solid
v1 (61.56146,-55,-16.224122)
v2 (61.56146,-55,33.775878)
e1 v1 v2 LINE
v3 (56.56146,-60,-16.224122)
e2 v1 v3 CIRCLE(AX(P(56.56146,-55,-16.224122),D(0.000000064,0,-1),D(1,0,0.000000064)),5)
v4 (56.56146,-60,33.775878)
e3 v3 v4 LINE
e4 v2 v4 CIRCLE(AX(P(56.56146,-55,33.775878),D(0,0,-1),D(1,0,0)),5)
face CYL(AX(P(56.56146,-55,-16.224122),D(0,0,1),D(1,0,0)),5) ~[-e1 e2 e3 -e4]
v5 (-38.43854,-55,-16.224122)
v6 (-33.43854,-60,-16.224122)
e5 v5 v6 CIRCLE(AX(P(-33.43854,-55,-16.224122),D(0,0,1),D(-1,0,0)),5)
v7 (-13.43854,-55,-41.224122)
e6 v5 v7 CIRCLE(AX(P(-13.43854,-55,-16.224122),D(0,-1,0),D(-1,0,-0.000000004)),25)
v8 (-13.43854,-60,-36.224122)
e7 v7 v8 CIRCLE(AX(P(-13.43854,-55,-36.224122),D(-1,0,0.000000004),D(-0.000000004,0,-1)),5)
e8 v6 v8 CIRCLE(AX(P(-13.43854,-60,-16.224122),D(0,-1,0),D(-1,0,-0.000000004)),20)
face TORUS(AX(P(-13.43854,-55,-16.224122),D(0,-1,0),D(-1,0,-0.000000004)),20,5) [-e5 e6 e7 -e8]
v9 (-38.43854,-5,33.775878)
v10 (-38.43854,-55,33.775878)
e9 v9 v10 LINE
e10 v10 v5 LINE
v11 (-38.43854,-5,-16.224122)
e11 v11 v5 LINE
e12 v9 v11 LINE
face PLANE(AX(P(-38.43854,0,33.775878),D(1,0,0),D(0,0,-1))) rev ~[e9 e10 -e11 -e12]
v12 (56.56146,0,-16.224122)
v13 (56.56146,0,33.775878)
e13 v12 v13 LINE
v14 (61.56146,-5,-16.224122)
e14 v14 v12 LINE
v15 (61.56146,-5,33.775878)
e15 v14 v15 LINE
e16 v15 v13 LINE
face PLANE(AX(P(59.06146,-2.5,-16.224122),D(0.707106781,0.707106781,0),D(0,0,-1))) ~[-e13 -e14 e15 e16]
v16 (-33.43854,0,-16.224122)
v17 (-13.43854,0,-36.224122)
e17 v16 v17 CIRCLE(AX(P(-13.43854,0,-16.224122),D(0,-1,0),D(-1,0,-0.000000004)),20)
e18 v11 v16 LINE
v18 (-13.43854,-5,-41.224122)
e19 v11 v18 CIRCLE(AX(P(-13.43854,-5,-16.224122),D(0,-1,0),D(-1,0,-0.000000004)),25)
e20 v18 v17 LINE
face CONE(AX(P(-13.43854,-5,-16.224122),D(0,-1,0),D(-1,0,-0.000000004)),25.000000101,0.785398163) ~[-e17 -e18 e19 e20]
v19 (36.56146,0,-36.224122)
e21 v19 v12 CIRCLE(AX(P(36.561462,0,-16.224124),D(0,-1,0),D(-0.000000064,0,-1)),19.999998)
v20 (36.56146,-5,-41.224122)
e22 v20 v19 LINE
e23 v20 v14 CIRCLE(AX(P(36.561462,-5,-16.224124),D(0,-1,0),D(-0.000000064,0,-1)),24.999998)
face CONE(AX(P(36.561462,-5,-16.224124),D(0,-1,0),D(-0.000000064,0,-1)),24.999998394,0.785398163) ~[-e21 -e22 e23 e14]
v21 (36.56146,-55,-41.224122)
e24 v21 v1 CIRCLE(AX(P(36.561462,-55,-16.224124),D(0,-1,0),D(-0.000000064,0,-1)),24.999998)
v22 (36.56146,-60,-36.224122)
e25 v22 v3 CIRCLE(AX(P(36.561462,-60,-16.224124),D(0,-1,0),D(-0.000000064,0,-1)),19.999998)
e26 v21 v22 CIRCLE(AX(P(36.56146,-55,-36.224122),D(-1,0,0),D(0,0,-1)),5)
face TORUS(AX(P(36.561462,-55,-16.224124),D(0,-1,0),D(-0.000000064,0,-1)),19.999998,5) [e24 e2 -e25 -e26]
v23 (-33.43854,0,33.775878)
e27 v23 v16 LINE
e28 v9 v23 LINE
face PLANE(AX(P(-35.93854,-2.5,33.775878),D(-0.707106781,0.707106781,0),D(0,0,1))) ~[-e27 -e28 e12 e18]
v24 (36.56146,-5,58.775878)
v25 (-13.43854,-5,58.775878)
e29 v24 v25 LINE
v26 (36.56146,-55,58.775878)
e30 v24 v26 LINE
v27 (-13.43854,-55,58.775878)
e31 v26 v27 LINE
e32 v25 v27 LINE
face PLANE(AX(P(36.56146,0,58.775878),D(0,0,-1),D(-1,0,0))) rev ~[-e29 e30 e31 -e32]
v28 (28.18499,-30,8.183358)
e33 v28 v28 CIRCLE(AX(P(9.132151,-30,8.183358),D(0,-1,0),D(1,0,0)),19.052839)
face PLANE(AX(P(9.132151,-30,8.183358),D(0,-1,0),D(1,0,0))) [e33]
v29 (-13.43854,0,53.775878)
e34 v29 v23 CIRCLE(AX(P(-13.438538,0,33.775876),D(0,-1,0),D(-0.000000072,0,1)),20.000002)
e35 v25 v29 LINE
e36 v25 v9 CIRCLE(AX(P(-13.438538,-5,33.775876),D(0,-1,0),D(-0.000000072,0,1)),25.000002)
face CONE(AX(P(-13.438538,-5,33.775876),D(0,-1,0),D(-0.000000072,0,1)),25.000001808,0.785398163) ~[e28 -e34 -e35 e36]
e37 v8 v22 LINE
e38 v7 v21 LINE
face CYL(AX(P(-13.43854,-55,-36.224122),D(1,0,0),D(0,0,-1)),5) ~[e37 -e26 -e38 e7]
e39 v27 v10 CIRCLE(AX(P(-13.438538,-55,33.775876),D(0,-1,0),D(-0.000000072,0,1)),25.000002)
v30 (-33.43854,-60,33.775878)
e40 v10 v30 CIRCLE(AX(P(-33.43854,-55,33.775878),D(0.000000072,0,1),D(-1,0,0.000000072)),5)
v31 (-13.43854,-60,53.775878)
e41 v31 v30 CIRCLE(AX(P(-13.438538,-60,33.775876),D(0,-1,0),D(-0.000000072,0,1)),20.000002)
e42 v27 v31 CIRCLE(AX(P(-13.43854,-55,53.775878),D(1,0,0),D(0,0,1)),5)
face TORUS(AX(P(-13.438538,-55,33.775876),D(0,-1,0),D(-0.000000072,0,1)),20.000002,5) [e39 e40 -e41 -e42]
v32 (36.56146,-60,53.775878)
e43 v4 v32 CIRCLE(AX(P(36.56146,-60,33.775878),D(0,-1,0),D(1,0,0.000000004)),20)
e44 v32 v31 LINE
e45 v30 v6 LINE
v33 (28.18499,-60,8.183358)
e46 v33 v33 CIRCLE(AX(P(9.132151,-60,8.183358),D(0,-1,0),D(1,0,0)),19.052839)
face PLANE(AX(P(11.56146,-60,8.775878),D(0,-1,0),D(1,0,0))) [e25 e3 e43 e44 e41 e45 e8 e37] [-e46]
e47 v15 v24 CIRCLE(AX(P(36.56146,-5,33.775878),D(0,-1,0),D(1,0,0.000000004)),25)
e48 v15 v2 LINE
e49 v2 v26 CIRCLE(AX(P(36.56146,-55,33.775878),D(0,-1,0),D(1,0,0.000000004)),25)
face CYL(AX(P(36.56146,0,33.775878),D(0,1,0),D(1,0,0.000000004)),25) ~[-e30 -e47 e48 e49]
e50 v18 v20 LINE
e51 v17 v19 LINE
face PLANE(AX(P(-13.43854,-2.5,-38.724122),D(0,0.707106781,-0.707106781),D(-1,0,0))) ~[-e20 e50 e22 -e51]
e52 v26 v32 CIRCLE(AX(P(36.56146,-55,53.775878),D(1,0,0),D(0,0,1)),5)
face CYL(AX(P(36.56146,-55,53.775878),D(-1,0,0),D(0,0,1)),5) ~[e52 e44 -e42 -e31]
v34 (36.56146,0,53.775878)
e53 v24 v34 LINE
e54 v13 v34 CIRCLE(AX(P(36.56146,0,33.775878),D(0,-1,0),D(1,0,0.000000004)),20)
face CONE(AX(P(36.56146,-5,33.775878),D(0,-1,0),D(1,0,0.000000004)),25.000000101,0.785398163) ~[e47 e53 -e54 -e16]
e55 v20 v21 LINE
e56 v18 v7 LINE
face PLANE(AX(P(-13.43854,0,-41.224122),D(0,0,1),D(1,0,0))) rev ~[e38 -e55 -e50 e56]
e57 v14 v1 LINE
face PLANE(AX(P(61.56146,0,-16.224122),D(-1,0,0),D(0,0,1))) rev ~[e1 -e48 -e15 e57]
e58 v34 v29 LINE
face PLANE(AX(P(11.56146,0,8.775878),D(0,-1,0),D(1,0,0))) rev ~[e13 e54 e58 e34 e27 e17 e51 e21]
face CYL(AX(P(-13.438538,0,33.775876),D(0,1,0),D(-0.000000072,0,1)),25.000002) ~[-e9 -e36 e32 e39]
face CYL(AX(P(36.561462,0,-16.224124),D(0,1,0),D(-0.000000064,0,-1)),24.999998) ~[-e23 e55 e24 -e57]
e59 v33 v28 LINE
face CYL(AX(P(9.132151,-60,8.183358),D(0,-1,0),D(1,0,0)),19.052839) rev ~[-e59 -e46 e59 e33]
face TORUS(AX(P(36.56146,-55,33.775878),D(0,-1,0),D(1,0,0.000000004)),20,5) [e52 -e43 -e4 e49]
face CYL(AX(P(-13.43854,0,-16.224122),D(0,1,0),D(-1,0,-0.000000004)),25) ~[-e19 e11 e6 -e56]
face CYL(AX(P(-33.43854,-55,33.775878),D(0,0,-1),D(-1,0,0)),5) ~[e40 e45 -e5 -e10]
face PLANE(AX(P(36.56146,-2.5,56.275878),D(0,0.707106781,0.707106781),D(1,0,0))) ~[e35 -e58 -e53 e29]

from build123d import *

# Parameters (mm, degrees)
F1_DEPTH = 60
F2_R     = 5
F3_SIZE  = 5
F4_R     = 19.052839
F5_DEPTH = 30


with BuildPart() as f1:
    # F0 (on Front) → F1 (new body)
    with BuildSketch(Plane.XZ):
        with BuildLine():
            Line((36.56146, 58.775878), (-13.43854, 58.775878))
            ThreePointArc((-13.43854, 58.775878), (-31.116209, 51.453547), (-38.43854, 33.775878))
            Line((-38.43854, 33.775878), (-38.43854, -16.224122))
            ThreePointArc((-38.43854, -16.224122), (-31.116209, -33.901792), (-13.43854, -41.224122))
            Line((-13.43854, -41.224122), (36.56146, -41.224122))
            ThreePointArc((36.56146, -41.224122), (54.23913, -33.901792), (61.56146, -16.224122))
            Line((61.56146, -16.224122), (61.56146, 33.775878))
            ThreePointArc((61.56146, 33.775878), (54.23913, 51.453547), (36.56146, 58.775878))
        make_face()
    extrude(amount=F1_DEPTH)

    # F2
    f2_edges = [f1.edges().sort_by_distance(p)[0] for p in [
        (11.56146, -60, 58.775878),
        (-31.116209, -60, 51.453547),
        (-38.43854, -60, 8.775878),
        (-31.116209, -60, -33.901792),
        (11.56146, -60, -41.224122),
        (54.23913, -60, -33.901792),
        (61.56146, -60, 8.775878),
        (54.23913, -60, 51.453547),
    ]]
    fillet(f2_edges, radius=F2_R)

    # F3
    f3_edges = [f1.edges().sort_by_distance(p)[0] for p in [
        (11.56146, 0, 58.775878),
        (-31.116209, 0, 51.453547),
        (-38.43854, 0, 8.775878),
        (-31.116209, 0, -33.901792),
        (11.56146, 0, -41.224122),
        (54.23913, 0, -33.901792),
        (61.56146, 0, 8.775878),
        (54.23913, 0, 51.453547),
    ]]
    chamfer(f3_edges, length=F3_SIZE)

    # F4 (on face) → F5 (cut)
    with BuildSketch(Plane.XZ.offset(60)):
        with Locations((9.132151, 8.183358)):
            Circle(F4_R)
    extrude(amount=-F5_DEPTH, mode=Mode.SUBTRACT)


solid = f1.part
